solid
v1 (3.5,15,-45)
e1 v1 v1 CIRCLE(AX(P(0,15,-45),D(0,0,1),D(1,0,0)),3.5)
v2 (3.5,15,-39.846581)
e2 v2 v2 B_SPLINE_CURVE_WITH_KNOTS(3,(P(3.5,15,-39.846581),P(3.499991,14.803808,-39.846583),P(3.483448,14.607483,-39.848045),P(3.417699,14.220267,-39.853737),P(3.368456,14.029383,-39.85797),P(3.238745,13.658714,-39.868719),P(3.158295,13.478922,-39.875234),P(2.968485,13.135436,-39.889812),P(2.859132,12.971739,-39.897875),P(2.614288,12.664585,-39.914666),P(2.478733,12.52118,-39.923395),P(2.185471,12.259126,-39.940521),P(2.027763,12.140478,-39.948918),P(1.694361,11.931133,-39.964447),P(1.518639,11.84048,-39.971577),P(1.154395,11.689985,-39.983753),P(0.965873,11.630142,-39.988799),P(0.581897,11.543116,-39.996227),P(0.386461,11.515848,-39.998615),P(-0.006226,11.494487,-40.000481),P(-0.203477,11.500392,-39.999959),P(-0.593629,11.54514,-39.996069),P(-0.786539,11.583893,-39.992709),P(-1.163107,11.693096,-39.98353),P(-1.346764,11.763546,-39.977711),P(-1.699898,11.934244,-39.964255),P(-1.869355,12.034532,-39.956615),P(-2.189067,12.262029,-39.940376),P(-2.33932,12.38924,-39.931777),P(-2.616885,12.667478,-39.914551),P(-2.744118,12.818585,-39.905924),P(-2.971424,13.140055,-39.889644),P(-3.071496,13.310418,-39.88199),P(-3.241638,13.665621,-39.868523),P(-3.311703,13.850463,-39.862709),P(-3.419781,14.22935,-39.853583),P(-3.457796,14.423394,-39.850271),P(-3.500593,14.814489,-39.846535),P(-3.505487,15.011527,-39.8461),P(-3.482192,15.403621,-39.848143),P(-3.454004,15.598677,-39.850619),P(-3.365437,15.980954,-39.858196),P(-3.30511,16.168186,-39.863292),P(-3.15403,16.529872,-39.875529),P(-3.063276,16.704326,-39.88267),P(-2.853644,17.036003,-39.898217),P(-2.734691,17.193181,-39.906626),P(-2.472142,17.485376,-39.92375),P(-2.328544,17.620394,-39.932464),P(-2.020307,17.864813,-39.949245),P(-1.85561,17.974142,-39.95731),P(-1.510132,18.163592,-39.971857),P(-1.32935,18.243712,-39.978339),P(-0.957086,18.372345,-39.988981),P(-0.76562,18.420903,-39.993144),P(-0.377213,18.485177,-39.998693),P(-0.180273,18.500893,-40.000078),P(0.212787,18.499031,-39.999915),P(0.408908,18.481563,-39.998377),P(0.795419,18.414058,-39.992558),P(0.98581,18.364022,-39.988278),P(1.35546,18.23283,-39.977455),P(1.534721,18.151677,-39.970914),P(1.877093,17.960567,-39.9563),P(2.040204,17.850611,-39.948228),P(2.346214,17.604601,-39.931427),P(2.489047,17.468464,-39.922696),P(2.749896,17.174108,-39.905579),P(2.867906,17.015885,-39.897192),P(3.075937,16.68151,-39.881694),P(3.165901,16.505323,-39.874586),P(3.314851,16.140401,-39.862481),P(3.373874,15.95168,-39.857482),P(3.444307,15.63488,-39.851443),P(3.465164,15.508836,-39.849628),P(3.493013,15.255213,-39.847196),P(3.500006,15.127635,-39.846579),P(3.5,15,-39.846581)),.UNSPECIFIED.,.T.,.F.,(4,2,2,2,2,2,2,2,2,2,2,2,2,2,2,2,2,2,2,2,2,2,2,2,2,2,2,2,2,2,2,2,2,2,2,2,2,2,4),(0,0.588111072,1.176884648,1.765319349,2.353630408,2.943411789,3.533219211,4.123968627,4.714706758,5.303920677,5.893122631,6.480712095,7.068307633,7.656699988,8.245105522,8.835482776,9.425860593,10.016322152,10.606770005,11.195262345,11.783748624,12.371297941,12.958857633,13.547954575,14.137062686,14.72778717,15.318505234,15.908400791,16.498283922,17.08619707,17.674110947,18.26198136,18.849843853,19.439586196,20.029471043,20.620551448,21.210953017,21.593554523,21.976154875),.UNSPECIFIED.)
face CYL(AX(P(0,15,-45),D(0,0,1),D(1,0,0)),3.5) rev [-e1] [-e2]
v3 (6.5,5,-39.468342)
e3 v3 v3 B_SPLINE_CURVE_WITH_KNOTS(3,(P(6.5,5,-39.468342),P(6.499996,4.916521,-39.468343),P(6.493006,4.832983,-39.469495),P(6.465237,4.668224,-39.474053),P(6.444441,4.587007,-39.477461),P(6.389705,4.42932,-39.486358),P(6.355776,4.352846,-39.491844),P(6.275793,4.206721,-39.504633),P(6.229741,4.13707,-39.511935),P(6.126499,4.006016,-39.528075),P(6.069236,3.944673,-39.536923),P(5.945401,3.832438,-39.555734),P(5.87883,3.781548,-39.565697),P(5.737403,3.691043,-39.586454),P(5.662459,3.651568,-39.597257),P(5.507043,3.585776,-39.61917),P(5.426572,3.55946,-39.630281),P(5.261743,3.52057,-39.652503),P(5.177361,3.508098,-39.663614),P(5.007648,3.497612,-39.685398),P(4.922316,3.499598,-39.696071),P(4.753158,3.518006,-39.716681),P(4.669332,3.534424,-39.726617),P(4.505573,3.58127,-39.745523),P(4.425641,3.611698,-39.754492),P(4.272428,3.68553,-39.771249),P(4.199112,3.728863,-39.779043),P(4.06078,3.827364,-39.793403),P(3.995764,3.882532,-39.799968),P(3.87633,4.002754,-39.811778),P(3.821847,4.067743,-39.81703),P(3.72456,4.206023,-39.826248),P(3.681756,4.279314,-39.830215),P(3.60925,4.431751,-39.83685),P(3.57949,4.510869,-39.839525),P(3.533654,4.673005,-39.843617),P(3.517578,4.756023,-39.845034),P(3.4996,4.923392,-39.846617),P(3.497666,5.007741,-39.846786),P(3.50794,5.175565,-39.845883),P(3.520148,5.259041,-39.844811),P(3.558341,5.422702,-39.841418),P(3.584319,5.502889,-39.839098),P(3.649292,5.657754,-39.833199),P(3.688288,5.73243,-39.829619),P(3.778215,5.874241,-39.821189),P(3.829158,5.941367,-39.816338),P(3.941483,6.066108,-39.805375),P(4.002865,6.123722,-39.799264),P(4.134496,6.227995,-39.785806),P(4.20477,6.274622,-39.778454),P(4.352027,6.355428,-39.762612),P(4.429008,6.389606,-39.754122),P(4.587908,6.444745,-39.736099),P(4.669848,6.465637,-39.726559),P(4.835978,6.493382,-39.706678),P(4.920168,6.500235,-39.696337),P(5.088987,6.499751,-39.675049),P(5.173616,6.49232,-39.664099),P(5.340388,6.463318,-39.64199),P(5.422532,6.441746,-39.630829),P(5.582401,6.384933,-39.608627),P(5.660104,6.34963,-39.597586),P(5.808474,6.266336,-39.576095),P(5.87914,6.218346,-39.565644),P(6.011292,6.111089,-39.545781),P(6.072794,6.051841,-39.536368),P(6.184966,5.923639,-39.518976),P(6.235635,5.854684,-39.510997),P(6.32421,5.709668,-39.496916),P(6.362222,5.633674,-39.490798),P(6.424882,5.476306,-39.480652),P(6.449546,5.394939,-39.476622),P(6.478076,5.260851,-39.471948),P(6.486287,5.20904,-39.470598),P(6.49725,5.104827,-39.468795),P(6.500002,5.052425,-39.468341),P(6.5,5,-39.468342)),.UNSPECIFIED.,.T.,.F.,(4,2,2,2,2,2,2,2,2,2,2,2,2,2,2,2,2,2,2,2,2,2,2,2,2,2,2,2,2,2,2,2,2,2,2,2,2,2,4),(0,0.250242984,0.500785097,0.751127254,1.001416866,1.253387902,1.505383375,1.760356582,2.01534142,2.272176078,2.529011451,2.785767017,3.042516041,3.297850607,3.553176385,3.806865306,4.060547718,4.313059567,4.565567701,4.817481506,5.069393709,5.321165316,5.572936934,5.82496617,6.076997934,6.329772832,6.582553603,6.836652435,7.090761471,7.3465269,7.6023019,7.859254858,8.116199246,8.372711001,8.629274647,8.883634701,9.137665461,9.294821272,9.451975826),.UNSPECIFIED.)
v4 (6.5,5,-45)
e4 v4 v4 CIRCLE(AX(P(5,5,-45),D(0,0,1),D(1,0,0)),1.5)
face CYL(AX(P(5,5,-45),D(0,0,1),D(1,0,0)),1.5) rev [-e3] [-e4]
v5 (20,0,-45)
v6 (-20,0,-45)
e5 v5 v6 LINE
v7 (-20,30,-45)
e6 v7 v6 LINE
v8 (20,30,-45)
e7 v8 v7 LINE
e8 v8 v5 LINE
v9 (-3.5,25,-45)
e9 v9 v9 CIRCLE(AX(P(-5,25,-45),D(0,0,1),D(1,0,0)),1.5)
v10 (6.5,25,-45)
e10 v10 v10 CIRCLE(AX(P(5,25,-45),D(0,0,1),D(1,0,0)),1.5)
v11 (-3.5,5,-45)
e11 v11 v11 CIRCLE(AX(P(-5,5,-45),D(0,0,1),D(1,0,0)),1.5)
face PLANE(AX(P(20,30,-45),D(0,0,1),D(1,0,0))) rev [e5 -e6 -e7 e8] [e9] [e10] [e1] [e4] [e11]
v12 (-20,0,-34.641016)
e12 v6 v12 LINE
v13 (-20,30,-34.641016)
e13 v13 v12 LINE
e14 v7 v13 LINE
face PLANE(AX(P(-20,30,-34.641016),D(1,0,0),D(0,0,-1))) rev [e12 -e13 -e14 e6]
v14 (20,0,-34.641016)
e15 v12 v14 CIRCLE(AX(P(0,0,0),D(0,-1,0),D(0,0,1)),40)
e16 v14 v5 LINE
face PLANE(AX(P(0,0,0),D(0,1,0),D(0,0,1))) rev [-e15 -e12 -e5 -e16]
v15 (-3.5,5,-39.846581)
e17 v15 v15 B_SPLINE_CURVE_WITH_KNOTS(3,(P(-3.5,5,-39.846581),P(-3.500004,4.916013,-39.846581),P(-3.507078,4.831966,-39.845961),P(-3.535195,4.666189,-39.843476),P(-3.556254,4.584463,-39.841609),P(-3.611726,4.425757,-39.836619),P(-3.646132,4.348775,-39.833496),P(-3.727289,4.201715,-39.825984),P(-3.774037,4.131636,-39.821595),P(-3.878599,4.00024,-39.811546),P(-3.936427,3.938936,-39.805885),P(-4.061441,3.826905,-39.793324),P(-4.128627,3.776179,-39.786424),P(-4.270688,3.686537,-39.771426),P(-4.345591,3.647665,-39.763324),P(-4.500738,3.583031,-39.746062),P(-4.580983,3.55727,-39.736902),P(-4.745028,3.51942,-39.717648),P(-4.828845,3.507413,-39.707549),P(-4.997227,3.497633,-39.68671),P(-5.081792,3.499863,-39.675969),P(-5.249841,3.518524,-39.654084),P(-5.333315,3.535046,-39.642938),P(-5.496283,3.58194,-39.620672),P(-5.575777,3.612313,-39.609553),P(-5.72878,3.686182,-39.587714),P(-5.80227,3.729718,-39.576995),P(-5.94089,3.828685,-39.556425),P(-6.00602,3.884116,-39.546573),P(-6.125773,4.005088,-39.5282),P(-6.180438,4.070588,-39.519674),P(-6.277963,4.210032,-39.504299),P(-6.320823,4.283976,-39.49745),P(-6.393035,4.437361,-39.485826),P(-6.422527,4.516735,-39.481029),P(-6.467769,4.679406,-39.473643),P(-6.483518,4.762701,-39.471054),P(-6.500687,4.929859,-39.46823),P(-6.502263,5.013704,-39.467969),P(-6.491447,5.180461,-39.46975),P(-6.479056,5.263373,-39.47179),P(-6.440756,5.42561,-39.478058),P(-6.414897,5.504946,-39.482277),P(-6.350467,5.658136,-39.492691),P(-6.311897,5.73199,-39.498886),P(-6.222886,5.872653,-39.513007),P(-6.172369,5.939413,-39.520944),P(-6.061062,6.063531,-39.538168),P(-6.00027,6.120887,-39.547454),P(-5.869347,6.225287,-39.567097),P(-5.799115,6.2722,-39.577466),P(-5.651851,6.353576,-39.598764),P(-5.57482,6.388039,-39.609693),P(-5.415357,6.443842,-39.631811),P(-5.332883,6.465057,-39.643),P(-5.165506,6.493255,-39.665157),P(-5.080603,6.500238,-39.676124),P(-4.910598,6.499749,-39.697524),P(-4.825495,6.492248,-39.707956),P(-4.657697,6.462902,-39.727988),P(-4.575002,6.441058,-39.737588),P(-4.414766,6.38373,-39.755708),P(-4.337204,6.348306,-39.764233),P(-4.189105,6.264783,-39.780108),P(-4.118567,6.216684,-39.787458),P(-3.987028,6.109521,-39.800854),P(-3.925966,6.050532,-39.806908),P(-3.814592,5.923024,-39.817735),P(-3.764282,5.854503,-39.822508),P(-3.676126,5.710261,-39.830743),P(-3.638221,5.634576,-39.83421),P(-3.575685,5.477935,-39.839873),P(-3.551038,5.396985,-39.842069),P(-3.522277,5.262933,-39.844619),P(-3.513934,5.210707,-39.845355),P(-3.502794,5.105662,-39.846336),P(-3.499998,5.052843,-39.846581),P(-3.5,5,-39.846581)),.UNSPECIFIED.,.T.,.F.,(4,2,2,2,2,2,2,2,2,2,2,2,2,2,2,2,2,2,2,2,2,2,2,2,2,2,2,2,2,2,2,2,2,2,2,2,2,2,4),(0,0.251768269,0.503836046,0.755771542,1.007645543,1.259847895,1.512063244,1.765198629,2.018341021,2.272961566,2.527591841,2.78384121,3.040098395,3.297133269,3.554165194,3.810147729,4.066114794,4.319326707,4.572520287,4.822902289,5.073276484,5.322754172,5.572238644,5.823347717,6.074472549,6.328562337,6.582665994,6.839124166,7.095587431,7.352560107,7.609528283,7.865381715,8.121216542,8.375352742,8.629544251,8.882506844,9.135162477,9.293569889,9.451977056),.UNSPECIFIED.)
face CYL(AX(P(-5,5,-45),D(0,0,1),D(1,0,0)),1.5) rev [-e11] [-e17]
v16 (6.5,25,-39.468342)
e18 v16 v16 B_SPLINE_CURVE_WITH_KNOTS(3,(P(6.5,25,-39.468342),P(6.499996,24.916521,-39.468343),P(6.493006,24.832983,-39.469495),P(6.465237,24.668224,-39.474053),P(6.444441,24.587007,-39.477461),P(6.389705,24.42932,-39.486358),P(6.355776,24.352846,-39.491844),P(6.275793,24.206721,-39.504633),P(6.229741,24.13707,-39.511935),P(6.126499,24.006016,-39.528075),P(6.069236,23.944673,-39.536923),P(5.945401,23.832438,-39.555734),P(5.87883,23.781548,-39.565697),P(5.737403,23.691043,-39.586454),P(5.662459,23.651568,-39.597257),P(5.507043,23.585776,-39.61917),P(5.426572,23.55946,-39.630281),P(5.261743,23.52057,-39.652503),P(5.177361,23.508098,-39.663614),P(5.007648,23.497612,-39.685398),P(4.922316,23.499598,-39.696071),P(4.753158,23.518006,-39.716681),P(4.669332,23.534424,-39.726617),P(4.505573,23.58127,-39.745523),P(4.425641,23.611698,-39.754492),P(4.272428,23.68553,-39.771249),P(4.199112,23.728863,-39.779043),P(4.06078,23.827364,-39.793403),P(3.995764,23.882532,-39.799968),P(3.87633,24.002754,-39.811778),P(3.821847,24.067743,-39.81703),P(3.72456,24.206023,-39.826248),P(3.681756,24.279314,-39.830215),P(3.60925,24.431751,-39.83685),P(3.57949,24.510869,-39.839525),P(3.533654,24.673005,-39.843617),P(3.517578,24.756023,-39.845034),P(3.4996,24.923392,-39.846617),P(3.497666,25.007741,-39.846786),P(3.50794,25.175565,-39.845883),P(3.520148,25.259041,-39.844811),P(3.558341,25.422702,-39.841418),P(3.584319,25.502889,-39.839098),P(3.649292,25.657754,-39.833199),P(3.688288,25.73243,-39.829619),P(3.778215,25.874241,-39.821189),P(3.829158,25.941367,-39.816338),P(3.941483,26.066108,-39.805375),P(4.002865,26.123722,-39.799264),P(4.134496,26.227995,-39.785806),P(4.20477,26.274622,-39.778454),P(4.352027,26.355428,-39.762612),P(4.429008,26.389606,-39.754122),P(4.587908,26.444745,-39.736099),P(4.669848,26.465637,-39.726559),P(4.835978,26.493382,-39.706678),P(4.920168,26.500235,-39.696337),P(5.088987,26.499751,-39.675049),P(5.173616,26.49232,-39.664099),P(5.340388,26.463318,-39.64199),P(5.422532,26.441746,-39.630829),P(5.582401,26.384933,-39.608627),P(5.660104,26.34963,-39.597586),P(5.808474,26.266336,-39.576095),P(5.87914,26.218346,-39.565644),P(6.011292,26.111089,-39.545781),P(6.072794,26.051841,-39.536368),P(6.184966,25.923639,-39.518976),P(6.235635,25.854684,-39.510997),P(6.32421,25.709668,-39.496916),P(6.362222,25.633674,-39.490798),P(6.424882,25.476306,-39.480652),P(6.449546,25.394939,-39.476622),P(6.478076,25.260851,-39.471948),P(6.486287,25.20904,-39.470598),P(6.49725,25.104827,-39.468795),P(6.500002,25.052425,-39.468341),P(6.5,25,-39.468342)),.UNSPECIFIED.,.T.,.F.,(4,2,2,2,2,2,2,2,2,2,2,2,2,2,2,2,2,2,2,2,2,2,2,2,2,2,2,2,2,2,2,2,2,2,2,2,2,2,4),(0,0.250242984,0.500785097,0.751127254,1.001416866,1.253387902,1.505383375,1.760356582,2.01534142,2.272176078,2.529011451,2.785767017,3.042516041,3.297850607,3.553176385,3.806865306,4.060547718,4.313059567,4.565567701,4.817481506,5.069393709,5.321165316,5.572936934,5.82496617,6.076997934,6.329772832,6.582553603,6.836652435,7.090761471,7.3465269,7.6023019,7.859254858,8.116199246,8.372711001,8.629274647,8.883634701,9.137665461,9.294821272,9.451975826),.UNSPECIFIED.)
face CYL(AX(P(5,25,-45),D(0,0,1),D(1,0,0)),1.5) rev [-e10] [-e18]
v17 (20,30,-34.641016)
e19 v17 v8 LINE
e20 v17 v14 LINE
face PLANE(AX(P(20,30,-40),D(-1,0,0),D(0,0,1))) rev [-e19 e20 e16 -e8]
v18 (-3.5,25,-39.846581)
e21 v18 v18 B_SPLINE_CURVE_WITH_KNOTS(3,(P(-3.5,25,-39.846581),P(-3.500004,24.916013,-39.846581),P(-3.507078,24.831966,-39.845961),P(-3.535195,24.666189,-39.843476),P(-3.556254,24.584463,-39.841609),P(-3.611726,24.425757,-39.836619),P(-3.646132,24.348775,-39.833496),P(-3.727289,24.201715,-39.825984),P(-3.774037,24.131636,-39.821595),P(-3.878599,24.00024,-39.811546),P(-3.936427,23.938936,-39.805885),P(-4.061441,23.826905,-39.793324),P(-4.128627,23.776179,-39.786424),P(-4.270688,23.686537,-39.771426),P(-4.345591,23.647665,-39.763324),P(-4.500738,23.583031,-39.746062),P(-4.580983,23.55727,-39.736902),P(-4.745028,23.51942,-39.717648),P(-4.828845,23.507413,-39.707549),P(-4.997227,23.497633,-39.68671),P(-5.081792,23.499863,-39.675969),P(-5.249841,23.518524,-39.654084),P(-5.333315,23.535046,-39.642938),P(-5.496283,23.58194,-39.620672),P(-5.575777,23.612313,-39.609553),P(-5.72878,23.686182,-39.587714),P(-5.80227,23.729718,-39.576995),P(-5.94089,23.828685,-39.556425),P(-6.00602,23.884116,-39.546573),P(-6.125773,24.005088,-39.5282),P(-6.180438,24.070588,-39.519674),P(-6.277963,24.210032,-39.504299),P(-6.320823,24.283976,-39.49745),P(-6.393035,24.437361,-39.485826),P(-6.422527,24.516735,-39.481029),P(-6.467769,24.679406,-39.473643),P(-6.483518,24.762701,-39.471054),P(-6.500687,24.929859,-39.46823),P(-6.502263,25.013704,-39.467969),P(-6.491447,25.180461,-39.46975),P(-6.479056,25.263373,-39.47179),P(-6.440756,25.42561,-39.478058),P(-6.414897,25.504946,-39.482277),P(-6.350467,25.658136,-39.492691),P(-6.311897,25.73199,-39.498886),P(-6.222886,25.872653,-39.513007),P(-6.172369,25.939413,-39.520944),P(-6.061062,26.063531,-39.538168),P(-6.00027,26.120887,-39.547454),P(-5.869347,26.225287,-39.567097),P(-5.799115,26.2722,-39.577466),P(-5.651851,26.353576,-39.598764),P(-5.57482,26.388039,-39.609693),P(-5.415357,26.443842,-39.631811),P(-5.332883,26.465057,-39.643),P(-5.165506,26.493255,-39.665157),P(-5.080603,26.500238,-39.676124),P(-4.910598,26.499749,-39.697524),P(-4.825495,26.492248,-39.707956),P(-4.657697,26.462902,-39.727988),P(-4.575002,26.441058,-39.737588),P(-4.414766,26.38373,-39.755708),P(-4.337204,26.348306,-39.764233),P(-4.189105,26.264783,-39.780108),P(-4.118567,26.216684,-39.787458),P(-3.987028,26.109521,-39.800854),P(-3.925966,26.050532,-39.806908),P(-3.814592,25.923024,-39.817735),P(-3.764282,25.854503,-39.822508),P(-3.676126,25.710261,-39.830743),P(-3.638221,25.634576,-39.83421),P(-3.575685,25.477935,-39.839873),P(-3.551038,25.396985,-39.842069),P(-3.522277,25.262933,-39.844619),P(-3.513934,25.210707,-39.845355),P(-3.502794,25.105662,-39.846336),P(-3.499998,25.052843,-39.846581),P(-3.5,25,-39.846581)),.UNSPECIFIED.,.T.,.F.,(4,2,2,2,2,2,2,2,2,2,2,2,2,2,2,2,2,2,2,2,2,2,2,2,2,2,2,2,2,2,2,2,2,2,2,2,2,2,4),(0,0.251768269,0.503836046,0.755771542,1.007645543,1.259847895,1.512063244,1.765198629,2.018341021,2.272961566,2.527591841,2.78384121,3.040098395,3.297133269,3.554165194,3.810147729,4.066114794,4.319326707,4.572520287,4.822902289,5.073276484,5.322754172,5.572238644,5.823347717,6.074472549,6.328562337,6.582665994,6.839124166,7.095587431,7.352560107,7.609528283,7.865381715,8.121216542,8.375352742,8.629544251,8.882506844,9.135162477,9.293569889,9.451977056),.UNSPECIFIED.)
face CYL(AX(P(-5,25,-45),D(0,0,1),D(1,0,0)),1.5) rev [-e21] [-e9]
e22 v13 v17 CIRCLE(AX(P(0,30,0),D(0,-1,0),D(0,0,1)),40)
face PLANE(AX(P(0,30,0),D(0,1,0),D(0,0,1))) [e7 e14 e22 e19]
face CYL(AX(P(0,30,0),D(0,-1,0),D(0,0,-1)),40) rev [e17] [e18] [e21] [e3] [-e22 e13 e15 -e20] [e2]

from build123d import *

# Parameters (mm, degrees)
Y_KSEKLIK_EKSTR_ZYON1_DEPTH = 30
IZIM2_R                     = 1.5
IZIM2_R_2                   = 3.5
KES_EKSTR_ZYON1_DEPTH       = 58.662812973


with BuildPart() as part:
    # Çizim1 → Yükseklik-Ekstrüzyon1 (new body)
    with BuildSketch(Plane(origin=(0, 0, 0), x_dir=(1, 0, 0), z_dir=(0, 1, 0))):
        with BuildLine():
            Line((20, 40), (20, 34.641016151))
            ThreePointArc((20, 34.641016151), (0, 40), (-20, 34.641016151))
            Line((-20, 34.641016151), (-20, 45))
            Line((-20, 45), (20, 45))
            Line((20, 45), (20, 40))
        make_face()
    extrude(amount=Y_KSEKLIK_EKSTR_ZYON1_DEPTH)

    # Çizim2 → Kes-Ekstrüzyon1 (cut, through all)
    with BuildSketch(Plane.XY):
        with Locations((-5, 5)):
            Circle(IZIM2_R)
        with Locations((5, 5)):
            Circle(IZIM2_R)
        with Locations((5, 25)):
            Circle(IZIM2_R)
        with Locations((-5, 25)):
            Circle(IZIM2_R)
        with Locations((0, 15)):
            Circle(IZIM2_R_2)
    extrude(amount=-KES_EKSTR_ZYON1_DEPTH, mode=Mode.SUBTRACT)


solid = part.part
